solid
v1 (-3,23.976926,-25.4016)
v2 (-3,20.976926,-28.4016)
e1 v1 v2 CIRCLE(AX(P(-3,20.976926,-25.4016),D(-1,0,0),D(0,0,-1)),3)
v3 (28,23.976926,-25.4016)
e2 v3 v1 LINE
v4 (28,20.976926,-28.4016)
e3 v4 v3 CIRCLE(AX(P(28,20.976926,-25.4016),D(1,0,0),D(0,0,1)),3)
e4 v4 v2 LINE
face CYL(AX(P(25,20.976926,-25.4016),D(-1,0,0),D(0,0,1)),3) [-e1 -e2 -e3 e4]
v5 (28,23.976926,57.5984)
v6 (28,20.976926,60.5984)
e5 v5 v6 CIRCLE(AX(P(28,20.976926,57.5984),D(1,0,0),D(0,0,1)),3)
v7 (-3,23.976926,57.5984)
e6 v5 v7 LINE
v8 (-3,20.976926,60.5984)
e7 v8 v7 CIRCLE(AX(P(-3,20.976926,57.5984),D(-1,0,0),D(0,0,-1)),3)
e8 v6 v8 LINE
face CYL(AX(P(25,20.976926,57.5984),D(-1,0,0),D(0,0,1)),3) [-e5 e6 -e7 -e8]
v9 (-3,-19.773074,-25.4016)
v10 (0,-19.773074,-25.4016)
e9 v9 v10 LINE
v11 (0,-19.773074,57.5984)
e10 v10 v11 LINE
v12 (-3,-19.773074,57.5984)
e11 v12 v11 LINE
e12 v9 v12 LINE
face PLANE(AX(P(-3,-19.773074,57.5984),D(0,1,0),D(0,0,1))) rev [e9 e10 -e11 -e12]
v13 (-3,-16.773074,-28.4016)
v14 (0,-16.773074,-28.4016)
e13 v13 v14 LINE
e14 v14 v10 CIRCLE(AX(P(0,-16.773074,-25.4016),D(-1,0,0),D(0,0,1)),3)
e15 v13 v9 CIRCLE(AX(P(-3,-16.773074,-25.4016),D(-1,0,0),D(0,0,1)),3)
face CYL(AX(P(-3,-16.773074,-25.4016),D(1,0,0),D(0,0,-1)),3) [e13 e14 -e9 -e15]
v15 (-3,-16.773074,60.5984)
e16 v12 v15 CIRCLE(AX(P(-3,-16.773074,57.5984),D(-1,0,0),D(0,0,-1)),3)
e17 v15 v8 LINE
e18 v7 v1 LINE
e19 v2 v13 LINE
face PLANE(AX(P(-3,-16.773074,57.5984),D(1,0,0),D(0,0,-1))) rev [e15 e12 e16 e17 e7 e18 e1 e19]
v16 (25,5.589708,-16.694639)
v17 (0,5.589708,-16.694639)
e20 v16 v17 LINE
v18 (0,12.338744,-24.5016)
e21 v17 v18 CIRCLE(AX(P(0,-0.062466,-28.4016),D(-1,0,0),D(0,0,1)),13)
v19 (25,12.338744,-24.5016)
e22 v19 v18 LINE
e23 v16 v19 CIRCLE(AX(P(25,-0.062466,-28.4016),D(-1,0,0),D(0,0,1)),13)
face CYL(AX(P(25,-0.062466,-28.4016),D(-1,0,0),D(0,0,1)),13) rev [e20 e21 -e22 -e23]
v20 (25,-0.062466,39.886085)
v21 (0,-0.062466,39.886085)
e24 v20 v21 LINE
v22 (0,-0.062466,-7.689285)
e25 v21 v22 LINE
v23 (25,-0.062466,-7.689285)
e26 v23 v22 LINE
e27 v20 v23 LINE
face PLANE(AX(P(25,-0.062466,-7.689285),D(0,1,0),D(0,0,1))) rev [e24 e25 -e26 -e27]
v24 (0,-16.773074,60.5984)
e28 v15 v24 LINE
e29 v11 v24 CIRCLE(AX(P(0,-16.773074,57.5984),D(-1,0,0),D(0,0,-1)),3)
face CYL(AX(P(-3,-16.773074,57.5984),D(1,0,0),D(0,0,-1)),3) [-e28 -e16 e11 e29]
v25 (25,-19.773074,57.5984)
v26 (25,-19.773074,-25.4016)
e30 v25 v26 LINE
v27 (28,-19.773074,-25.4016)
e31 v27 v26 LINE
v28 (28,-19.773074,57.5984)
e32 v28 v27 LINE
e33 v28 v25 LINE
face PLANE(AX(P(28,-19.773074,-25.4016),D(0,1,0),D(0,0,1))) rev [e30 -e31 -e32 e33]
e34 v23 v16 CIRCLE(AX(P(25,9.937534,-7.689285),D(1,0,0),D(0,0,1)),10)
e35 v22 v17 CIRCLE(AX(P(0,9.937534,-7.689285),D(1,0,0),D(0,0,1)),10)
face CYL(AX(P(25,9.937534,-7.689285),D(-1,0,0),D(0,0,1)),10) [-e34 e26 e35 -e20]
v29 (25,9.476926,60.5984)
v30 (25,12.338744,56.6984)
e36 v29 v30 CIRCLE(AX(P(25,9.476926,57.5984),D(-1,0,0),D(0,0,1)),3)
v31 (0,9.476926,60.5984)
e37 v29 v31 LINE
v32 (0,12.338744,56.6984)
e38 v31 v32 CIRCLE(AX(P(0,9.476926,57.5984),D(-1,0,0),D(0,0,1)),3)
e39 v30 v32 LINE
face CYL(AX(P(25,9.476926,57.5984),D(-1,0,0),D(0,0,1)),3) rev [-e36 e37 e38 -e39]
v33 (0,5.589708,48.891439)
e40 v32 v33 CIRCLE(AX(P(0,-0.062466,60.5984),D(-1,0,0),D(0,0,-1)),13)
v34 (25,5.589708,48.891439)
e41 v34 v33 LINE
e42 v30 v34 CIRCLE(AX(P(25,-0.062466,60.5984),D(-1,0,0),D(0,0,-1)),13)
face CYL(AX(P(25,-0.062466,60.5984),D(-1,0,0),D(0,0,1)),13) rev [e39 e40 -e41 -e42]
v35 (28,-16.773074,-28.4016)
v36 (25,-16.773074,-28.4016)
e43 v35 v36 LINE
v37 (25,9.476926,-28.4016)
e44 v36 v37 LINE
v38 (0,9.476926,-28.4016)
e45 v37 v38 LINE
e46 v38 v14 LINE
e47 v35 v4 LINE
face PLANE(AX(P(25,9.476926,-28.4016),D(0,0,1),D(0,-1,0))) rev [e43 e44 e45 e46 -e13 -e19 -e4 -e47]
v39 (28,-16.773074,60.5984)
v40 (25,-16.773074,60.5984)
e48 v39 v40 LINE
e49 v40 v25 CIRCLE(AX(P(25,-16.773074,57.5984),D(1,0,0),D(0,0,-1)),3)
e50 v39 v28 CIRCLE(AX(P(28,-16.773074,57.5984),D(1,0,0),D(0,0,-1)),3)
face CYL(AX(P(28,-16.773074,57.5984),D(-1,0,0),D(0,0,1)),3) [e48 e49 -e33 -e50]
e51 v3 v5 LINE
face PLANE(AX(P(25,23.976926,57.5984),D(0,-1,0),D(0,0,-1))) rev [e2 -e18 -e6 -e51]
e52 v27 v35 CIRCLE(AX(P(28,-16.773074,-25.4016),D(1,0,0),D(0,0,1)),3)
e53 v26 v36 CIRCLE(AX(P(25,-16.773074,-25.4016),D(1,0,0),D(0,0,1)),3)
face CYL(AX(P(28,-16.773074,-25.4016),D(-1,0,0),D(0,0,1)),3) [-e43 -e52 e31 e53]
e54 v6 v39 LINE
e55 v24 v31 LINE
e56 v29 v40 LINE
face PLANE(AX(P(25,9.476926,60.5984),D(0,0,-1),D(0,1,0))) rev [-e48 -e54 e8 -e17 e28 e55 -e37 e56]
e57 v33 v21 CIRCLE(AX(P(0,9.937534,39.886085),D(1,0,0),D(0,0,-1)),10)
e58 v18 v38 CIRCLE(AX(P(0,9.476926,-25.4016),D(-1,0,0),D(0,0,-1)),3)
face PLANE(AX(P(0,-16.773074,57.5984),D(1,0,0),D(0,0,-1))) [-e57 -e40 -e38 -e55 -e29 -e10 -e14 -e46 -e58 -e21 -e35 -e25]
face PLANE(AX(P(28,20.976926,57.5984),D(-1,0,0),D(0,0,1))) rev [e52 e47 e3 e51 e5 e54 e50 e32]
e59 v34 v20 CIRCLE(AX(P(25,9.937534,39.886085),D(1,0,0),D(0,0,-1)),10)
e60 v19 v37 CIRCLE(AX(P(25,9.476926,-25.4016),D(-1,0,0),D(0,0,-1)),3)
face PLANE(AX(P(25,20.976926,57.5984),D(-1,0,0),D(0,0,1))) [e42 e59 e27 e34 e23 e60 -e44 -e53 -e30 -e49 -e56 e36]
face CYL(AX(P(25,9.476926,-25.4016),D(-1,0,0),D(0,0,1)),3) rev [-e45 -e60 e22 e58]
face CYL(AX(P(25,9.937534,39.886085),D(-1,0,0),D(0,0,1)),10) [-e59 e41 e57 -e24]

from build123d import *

# Parameters (mm, degrees)
RESSALTO_EXTRUS_O2_DEPTH = 25
RESSALTO_EXTRUS_O3_DEPTH = 3
RESSALTO_EXTRUS_O4_DEPTH = 3


with BuildPart() as part:
    # Esboço2 → Ressalto-extrusão2 (new body)
    with BuildSketch(Plane(origin=(0, 0, 0), x_dir=(0, 0, -1), z_dir=(1, 0, 0))):
        with BuildLine():
            Line((2.90159992, -0.062465938), (-35.09840008, -0.062465938))
            Line((-35.09840008, -0.062465938), (-39.886084903, -0.062465938))
            ThreePointArc((-39.886084903, -0.062465938), (-45.202180234, 1.467638524), (-48.891439328, 5.589707975))
            ThreePointArc((-48.891439328, 5.589707975), (-52.096536948, 9.772081499), (-56.69840008, 12.338743681))
            ThreePointArc((-56.69840008, 12.338743681), (-59.373224015, 11.895603401), (-60.59840008, 9.476926077))
            Line((-60.59840008, 9.476926077), (-60.59840008, 20.976926077))
            ThreePointArc((-60.59840008, 20.976926077), (-59.719720424, 23.09824642), (-57.59840008, 23.976926077))
            Line((-57.59840008, 23.976926077), (25.40159992, 23.976926077))
            ThreePointArc((25.40159992, 23.976926077), (27.522920263, 23.09824642), (28.40159992, 20.976926077))
            Line((28.40159992, 20.976926077), (28.40159992, 9.476926077))
            ThreePointArc((28.40159992, 9.476926077), (27.176423855, 11.895603401), (24.50159992, 12.338743681))
            ThreePointArc((24.50159992, 12.338743681), (19.899736788, 9.772081499), (16.694639168, 5.589707975))
            ThreePointArc((16.694639168, 5.589707975), (13.005380073, 1.467638524), (7.689284743, -0.062465938))
            Line((7.689284743, -0.062465938), (2.90159992, -0.062465938))
        make_face()
    extrude(amount=RESSALTO_EXTRUS_O2_DEPTH)

    # Esboço3 → Ressalto-extrusão3 (add)
    with BuildSketch(Plane.ZY):
        with BuildLine():
            Line((60.59840008, 15.226926077), (60.59840008, 20.976926077))
            ThreePointArc((60.59840008, 20.976926077), (59.719720424, 23.09824642), (57.59840008, 23.976926077))
            Line((57.59840008, 23.976926077), (16.09840008, 23.976926077))
            Line((16.09840008, 23.976926077), (-25.40159992, 23.976926077))
            ThreePointArc((-25.40159992, 23.976926077), (-27.522920263, 23.09824642), (-28.40159992, 20.976926077))
            Line((-28.40159992, 20.976926077), (-28.40159992, 15.226926077))
            Line((-28.40159992, 15.226926077), (-28.40159992, -16.773073923))
            ThreePointArc((-28.40159992, -16.773073923), (-27.522920263, -18.894394267), (-25.40159992, -19.773073923))
            Line((-25.40159992, -19.773073923), (57.59840008, -19.773073923))
            ThreePointArc((57.59840008, -19.773073923), (59.719720424, -18.894394267), (60.59840008, -16.773073923))
            Line((60.59840008, -16.773073923), (60.59840008, 15.226926077))
        make_face()
    extrude(amount=RESSALTO_EXTRUS_O3_DEPTH)

    # Esboço4 → Ressalto-extrusão4 (add)
    with BuildSketch(Plane(origin=(25, 0, 0), x_dir=(0, 0, -1), z_dir=(1, 0, 0))):
        with BuildLine():
            Line((-16.09840008, 23.976926077), (25.40159992, 23.976926077))
            ThreePointArc((25.40159992, 23.976926077), (27.522920263, 23.09824642), (28.40159992, 20.976926077))
            Line((28.40159992, 20.976926077), (28.40159992, 15.226926077))
            Line((28.40159992, 15.226926077), (28.40159992, -16.773073923))
            ThreePointArc((28.40159992, -16.773073923), (27.522920263, -18.894394267), (25.40159992, -19.773073923))
            Line((25.40159992, -19.773073923), (-57.59840008, -19.773073923))
            ThreePointArc((-57.59840008, -19.773073923), (-59.719720424, -18.894394267), (-60.59840008, -16.773073923))
            Line((-60.59840008, -16.773073923), (-60.59840008, 15.226926077))
            Line((-60.59840008, 15.226926077), (-60.59840008, 20.976926077))
            ThreePointArc((-60.59840008, 20.976926077), (-59.719720424, 23.09824642), (-57.59840008, 23.976926077))
            Line((-57.59840008, 23.976926077), (-16.09840008, 23.976926077))
        make_face()
    extrude(amount=RESSALTO_EXTRUS_O4_DEPTH)


solid = part.part
